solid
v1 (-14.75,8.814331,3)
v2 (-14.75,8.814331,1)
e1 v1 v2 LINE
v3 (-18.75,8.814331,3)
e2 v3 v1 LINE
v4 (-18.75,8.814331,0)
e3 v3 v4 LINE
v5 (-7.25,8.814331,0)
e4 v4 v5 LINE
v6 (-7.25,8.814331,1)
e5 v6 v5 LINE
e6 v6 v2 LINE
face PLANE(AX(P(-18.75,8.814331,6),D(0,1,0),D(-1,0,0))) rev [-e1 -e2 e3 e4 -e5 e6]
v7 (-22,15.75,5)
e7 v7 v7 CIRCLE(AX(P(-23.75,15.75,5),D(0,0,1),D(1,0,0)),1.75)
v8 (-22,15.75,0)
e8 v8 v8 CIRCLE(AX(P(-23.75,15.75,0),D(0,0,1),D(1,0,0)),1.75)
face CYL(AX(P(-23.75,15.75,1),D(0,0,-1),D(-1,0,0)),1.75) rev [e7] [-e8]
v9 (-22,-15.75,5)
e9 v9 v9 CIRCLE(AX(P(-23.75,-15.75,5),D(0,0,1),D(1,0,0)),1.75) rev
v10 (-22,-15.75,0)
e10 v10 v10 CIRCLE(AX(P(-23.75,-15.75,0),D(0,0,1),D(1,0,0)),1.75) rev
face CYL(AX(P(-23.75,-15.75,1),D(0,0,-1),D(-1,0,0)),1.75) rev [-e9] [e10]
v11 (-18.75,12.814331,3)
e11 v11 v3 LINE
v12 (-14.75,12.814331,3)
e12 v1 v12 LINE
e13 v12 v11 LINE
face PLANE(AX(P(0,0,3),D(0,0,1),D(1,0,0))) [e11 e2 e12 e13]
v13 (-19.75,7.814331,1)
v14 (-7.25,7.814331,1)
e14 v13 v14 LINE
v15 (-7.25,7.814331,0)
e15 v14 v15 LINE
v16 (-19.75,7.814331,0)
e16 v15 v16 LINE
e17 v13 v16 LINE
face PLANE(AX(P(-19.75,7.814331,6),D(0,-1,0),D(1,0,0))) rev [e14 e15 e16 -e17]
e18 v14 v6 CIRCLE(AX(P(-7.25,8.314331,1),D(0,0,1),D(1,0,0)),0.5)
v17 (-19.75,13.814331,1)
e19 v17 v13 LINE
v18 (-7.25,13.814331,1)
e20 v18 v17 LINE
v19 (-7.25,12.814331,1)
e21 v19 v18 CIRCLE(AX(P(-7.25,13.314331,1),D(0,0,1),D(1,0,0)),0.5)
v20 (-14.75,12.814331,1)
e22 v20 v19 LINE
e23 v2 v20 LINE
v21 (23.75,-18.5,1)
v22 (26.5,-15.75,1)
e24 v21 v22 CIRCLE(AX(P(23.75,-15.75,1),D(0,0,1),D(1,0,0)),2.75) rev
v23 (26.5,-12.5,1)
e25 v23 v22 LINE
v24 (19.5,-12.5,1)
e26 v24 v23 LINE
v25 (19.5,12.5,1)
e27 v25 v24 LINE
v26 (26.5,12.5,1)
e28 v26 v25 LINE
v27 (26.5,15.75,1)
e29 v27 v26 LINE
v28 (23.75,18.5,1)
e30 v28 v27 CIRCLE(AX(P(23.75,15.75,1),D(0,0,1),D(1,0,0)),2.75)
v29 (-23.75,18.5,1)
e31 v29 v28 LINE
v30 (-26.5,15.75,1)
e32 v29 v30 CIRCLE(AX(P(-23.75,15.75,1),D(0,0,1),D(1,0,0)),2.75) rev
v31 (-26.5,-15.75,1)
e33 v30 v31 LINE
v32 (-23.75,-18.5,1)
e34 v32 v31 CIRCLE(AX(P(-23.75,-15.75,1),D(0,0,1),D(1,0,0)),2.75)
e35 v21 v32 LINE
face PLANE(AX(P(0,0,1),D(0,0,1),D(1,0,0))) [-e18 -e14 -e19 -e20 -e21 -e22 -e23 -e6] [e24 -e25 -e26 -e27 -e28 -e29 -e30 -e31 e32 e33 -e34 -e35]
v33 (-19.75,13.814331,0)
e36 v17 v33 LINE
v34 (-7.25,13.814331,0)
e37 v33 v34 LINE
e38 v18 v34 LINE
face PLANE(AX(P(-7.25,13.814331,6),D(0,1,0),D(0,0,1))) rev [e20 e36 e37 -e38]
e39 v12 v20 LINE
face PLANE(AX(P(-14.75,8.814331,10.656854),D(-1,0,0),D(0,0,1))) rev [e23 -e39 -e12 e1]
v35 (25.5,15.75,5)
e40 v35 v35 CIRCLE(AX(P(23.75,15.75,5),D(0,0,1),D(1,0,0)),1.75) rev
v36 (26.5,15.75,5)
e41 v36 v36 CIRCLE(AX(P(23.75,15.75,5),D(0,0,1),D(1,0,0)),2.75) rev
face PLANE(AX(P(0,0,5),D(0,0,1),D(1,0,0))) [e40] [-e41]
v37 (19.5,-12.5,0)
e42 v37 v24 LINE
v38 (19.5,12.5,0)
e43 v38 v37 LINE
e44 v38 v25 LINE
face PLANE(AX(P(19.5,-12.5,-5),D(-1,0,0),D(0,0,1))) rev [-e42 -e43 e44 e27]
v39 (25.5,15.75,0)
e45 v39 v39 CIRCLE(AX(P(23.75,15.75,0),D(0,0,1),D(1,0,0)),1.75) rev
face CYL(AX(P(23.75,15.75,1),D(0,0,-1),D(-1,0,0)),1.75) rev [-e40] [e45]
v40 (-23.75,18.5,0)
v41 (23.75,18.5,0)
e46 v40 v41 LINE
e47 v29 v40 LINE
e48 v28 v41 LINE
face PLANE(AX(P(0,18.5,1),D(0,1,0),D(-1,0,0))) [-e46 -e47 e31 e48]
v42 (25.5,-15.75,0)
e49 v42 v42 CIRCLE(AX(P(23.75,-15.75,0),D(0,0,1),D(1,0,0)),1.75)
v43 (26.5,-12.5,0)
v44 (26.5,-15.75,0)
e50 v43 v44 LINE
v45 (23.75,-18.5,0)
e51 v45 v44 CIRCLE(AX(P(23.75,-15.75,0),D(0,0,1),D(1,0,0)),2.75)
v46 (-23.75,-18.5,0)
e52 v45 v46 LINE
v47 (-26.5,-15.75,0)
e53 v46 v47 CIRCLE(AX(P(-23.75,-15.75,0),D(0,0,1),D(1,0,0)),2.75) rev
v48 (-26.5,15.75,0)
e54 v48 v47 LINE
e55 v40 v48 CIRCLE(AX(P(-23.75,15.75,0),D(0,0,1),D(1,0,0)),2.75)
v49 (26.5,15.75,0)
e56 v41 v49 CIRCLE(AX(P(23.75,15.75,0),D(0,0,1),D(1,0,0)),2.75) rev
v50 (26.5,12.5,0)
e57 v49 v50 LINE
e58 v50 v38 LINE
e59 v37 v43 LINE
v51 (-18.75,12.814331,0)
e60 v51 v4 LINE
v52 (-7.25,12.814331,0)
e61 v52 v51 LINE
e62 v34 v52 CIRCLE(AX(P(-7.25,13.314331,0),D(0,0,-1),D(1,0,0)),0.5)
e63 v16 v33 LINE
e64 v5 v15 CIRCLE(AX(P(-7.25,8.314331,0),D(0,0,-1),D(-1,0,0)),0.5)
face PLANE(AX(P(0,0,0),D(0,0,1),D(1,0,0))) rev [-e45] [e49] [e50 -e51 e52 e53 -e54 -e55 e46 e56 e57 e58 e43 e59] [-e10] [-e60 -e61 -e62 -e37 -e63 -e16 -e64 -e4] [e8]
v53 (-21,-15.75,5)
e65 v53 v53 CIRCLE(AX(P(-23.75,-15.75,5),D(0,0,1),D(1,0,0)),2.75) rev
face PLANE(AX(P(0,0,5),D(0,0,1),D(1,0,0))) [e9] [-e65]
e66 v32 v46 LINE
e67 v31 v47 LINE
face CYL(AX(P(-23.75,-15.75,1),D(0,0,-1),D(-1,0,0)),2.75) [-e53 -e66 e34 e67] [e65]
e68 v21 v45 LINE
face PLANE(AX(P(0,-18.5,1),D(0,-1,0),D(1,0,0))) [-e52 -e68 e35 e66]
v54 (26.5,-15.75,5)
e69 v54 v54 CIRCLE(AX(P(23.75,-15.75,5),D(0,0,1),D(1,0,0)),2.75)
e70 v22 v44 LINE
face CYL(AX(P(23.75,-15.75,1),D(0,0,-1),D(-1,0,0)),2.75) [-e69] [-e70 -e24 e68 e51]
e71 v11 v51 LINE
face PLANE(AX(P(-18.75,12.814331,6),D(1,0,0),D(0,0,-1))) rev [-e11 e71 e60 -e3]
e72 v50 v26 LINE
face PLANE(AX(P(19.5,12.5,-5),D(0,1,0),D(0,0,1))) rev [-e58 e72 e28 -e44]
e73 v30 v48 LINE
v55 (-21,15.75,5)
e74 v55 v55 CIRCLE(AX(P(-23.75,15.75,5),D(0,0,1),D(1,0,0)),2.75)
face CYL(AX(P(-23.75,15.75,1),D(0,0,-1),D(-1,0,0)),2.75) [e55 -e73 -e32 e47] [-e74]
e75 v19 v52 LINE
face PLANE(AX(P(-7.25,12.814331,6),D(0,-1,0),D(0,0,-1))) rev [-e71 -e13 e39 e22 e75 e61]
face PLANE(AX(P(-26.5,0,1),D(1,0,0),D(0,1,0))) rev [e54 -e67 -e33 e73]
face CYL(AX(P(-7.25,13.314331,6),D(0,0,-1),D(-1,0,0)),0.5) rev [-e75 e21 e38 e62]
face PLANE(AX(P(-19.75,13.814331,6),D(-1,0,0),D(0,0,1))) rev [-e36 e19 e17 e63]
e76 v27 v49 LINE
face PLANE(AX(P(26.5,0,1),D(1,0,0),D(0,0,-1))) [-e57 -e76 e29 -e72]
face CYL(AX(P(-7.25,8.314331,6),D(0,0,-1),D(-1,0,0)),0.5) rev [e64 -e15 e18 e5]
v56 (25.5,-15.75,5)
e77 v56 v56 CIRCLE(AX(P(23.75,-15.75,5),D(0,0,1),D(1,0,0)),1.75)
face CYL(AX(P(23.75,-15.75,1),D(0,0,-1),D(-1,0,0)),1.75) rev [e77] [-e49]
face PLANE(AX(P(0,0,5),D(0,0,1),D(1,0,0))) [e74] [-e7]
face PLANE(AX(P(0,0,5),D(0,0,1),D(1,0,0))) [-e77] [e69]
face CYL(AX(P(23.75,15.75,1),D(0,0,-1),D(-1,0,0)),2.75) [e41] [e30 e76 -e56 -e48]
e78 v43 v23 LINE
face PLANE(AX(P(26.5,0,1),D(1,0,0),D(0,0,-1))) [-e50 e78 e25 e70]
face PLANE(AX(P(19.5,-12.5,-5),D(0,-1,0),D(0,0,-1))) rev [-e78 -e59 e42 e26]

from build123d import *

# Parameters (mm, degrees)
ESBO_O1_R                = 2.75
ESBO_O1_R_2              = 1.75
RESSALTO_EXTRUS_O1_DEPTH = 1
ESBO_O1_3_R              = 2.75
ESBO_O1_3_R_2            = 1.75
RESSALTO_EXTRUS_O2_DEPTH = 5
ESBO_O2_W                = 7
ESBO_O2_H                = 25
CORTE_EXTRUS_O1_DEPTH    = 6
CORTE_EXTRUS_O2_DEPTH    = 6
ESBO_O4_W                = 4
ESBO_O4_H                = 4
RESSALTO_EXTRUS_O3_DEPTH = 2


with BuildPart() as part:
    # Esboço1 → Ressalto-extrusão1 (new body)
    with BuildSketch(Plane.XY):
        with BuildLine():
            Line((23.75, 18.5), (-23.75, 18.5))
            ThreePointArc((-23.75, 18.5), (-21.805456352, 17.694543648), (-21, 15.75))
            ThreePointArc((-21, 15.75), (-23.75, 13), (-26.5, 15.75))
            Line((-26.5, 15.75), (-26.5, -15.75))
            ThreePointArc((-26.5, -15.75), (-23.75, -13), (-21, -15.75))
            ThreePointArc((-21, -15.75), (-21.805456352, -17.694543648), (-23.75, -18.5))
            Line((-23.75, -18.5), (23.75, -18.5))
            ThreePointArc((23.75, -18.5), (21.805456352, -13.805456352), (26.5, -15.75))
            Line((26.5, -15.75), (26.5, 15.75))
            ThreePointArc((26.5, 15.75), (21.805456352, 13.805456352), (23.75, 18.5))
        make_face()
        with Locations((23.75, 15.75)):
            Circle(ESBO_O1_R)
        with Locations((23.75, 15.75)):
            Circle(ESBO_O1_R_2, mode=Mode.SUBTRACT)
        with Locations((23.75, -15.75)):
            Circle(ESBO_O1_R)
        with Locations((23.75, -15.75)):
            Circle(ESBO_O1_R_2, mode=Mode.SUBTRACT)
        with Locations((-23.75, -15.75)):
            Circle(ESBO_O1_R)
        with Locations((-23.75, -15.75)):
            Circle(ESBO_O1_R_2, mode=Mode.SUBTRACT)
        with Locations((-23.75, 15.75)):
            Circle(ESBO_O1_R)
        with Locations((-23.75, 15.75)):
            Circle(ESBO_O1_R_2, mode=Mode.SUBTRACT)
    extrude(amount=RESSALTO_EXTRUS_O1_DEPTH)

    # Esboço1<3> → Ressalto-extrusão2 (add)
    with BuildSketch(Plane.XY):
        with Locations((-23.75, 15.75)):
            Circle(ESBO_O1_3_R)
        with Locations((-23.75, 15.75)):
            Circle(ESBO_O1_3_R_2, mode=Mode.SUBTRACT)
        with Locations((23.75, 15.75)):
            Circle(ESBO_O1_3_R)
        with Locations((23.75, 15.75)):
            Circle(ESBO_O1_3_R_2, mode=Mode.SUBTRACT)
        with Locations((23.75, -15.75)):
            Circle(ESBO_O1_3_R)
        with Locations((23.75, -15.75)):
            Circle(ESBO_O1_3_R_2, mode=Mode.SUBTRACT)
        with Locations((-23.75, -15.75)):
            Circle(ESBO_O1_3_R)
        with Locations((-23.75, -15.75)):
            Circle(ESBO_O1_3_R_2, mode=Mode.SUBTRACT)
    extrude(amount=RESSALTO_EXTRUS_O2_DEPTH)

    # Esboço2 → Corte-extrusão1 (cut)
    with BuildSketch(Plane.XY.offset(1)):
        with Locations((23, 0)):
            Rectangle(ESBO_O2_W, ESBO_O2_H)
    extrude(amount=-CORTE_EXTRUS_O1_DEPTH, mode=Mode.SUBTRACT)

    # Esboço3 → Corte-extrusão2 (cut)
    with BuildSketch(Plane(origin=(0, 0, 0), x_dir=(-1, 0, 0), z_dir=(0, 0, -1))):
        with BuildLine():
            Line((7.25, 12.814331343), (18.75, 12.814331343))
            Line((18.75, 12.814331343), (18.75, 8.814331343))
            Line((18.75, 8.814331343), (7.25, 8.814331343))
            ThreePointArc((7.25, 8.814331343), (6.75, 8.314331343), (7.25, 7.814331343))
            Line((7.25, 7.814331343), (19.75, 7.814331343))
            Line((19.75, 7.814331343), (19.75, 13.814331343))
            Line((19.75, 13.814331343), (7.25, 13.814331343))
            ThreePointArc((7.25, 13.814331343), (6.75, 13.314331343), (7.25, 12.814331343))
        make_face()
    extrude(amount=-CORTE_EXTRUS_O2_DEPTH, mode=Mode.SUBTRACT)

    # Esboço4 → Ressalto-extrusão3 (add)
    with BuildSketch(Plane.XY.offset(1)):
        with Locations((-16.75, 10.814331343)):
            Rectangle(ESBO_O4_W, ESBO_O4_H)
    extrude(amount=RESSALTO_EXTRUS_O3_DEPTH)


solid = part.part
